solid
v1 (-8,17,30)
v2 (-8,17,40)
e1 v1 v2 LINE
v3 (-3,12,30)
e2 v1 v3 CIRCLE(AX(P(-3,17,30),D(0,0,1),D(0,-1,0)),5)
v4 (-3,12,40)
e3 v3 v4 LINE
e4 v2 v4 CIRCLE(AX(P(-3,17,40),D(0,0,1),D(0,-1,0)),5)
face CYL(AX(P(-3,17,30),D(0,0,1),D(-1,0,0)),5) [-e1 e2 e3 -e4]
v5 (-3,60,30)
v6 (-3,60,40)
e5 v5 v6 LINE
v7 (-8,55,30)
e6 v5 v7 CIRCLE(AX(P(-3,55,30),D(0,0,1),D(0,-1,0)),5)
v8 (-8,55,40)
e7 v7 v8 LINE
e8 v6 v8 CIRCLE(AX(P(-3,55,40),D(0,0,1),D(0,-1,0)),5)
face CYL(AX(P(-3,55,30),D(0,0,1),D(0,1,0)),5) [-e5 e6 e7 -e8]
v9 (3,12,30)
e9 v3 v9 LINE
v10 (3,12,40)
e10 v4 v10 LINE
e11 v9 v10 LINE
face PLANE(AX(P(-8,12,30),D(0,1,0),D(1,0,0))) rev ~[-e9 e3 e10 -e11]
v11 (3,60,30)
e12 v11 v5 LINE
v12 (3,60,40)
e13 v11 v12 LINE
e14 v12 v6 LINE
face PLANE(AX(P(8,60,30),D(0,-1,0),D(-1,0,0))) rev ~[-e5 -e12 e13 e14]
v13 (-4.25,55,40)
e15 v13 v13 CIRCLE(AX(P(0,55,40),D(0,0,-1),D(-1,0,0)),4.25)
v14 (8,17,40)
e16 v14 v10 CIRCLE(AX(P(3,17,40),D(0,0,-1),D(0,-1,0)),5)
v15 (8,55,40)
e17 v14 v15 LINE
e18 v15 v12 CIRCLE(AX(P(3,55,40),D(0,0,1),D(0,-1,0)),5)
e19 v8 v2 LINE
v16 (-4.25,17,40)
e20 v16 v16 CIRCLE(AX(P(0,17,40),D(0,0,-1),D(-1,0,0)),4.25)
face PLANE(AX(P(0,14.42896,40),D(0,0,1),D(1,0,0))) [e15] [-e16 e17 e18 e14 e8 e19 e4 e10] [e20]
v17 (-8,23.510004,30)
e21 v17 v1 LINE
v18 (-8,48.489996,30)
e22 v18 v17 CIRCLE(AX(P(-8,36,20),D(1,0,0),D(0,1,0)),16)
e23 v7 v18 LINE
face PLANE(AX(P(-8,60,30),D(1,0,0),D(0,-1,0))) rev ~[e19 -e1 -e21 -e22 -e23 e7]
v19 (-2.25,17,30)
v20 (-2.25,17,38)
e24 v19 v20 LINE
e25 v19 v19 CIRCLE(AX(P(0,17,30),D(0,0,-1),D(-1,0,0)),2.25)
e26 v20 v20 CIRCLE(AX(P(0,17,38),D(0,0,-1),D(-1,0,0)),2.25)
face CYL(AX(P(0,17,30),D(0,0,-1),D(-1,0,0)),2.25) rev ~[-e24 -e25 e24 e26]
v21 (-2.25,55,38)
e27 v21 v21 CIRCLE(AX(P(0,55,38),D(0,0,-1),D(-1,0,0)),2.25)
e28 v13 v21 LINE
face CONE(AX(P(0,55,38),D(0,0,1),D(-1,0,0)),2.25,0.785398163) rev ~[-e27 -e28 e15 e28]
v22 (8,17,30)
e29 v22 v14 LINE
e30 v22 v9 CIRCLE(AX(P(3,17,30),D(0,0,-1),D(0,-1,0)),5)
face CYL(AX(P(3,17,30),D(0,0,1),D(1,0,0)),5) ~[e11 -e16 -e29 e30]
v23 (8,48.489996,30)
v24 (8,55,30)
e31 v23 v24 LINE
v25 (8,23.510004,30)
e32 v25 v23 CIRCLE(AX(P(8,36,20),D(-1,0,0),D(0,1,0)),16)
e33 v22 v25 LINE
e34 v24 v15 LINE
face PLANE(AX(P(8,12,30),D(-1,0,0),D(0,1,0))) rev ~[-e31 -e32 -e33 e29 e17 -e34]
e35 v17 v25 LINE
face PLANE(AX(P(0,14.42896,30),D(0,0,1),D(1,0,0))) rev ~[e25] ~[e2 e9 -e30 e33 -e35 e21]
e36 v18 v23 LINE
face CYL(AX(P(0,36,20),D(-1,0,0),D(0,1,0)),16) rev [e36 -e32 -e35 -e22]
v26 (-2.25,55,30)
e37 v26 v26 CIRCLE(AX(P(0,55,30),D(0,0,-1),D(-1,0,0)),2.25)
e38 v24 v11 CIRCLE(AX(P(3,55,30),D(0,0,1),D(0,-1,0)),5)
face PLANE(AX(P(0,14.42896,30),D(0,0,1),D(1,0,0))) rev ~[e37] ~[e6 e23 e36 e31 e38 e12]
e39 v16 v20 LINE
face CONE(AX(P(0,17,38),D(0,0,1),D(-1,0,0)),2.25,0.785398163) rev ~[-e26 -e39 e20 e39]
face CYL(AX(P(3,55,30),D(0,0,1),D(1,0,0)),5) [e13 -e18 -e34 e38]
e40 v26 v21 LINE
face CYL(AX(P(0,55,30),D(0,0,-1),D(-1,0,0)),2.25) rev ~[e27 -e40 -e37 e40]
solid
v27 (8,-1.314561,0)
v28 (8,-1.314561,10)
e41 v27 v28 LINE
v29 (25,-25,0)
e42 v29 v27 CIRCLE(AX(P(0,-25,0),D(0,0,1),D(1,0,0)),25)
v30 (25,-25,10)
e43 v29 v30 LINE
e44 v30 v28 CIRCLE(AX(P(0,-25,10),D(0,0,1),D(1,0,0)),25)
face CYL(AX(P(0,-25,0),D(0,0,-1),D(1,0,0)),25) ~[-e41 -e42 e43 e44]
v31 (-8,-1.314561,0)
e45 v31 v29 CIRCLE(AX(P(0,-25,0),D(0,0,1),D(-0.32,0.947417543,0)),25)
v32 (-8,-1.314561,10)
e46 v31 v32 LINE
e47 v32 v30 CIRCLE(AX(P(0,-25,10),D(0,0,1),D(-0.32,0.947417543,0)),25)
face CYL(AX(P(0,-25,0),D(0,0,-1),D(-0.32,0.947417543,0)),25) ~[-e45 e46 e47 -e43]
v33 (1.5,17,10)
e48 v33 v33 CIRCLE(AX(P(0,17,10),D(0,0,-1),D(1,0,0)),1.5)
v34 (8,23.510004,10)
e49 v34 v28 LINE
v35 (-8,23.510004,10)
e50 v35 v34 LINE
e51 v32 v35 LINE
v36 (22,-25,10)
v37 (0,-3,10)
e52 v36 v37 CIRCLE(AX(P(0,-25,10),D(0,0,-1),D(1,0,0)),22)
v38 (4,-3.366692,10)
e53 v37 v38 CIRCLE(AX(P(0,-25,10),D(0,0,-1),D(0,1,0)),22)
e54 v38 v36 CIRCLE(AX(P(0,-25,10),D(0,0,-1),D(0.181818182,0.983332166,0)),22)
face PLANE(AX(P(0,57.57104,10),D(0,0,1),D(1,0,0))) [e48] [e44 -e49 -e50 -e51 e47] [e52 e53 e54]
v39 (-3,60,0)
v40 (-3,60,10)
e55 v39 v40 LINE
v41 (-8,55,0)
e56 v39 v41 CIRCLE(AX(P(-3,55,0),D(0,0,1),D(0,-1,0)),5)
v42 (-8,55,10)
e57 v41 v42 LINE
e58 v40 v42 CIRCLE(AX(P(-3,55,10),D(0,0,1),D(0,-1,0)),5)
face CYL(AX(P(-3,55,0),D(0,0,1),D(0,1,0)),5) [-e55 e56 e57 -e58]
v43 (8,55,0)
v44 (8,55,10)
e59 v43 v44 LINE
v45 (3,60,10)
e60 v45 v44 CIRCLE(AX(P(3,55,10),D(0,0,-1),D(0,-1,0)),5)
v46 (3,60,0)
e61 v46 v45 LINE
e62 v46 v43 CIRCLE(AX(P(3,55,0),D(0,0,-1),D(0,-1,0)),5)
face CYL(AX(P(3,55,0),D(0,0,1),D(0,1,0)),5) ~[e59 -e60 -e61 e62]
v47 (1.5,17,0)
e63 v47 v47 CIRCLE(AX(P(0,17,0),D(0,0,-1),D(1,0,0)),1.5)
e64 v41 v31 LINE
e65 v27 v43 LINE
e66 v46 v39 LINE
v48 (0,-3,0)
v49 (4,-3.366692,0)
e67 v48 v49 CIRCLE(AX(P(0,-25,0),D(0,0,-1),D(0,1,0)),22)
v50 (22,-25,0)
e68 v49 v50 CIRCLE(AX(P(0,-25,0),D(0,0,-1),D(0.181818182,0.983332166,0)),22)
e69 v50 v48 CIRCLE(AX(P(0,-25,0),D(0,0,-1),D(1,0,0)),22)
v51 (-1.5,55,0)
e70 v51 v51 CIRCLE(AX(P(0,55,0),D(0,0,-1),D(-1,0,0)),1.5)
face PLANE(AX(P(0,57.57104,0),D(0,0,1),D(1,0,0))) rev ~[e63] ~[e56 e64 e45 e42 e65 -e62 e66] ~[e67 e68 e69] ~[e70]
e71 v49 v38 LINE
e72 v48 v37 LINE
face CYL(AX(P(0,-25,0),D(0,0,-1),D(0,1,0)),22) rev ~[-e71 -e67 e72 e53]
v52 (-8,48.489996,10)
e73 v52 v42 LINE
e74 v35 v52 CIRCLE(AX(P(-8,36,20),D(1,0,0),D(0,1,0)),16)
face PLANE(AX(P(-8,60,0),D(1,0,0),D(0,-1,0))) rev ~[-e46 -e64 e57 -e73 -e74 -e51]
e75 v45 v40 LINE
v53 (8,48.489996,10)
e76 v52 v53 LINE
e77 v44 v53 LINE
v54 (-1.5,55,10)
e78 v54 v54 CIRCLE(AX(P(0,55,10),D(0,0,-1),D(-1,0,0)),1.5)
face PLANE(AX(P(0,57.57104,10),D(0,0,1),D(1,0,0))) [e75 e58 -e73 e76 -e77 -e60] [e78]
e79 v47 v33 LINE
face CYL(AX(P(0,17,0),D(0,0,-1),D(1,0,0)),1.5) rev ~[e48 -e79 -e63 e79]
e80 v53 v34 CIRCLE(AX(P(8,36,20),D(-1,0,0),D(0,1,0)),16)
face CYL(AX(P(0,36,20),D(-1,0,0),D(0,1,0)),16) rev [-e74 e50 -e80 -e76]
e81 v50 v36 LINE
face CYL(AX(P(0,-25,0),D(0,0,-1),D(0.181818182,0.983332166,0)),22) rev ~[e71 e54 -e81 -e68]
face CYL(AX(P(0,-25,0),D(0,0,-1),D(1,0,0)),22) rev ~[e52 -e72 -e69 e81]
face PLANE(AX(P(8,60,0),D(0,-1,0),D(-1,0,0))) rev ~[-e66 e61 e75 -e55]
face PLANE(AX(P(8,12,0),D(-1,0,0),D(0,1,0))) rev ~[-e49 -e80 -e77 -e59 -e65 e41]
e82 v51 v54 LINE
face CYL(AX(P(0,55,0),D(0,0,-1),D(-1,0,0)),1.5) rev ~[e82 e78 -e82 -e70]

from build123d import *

# Parameters (mm, degrees)
F1_DEPTH      = 10
F0_W          = 8
F0_H          = 2
F2_DEPTH      = 10
F3_START      = 30
F3_DEPTH      = 10
F4_R          = 16
F5_DEPTH      = 25
F5_DEPTH_BACK = 25
F6_DEPTH      = 25
F6_DEPTH_BACK = 25
F7_SIZE       = 2
F8_R          = 5
F8_2_R        = 5


with BuildPart() as f1:
    # F0 (on Top) → F1 (new body)
    with BuildSketch(Plane.XY):
        with BuildLine():
            Line((-8, 10), (-8, -1.3145614353))
            ThreePointArc((-8, -1.3145614353), (-4.0536425523, -0.3308293196), (0, 0))
            Line((0, 0), (0, 10))
            Line((0, 10), (-8, 10))
        make_face()
        with BuildLine():
            ThreePointArc((4, -0.3220746415), (6.0204864844, -0.7357517633), (8, -1.3145614353))
            Line((8, -1.3145614353), (8, 10))
            Line((8, 10), (4, 10))
            Line((4, 10), (4, -0.3220746415))
        make_face()
        with BuildLine():
            ThreePointArc((-8, -1.3145614353), (-14.5773797371, -45.3100960116), (25, -25))
            ThreePointArc((25, -25), (20.3100960116, -10.4226202629), (8, -1.3145614353))
            ThreePointArc((8, -1.3145614353), (6.0204864844, -0.7357517633), (4, -0.3220746415))
            Line((4, -0.3220746415), (4, -3.3666923472))
            ThreePointArc((4, -3.3666923472), (16.9115345253, -10.9287527205), (22, -25))
            ThreePointArc((22, -25), (-15.5563491861, -40.5563491861), (0, -3))
            Line((0, -3), (0, 0))
            ThreePointArc((0, 0), (-4.0536425523, -0.3308293196), (-8, -1.3145614353))
        make_face()
        with BuildLine():
            ThreePointArc((0, 0), (2.0064727804, -0.0806487448), (4, -0.3220746415))
            Line((4, -0.3220746415), (4, 10))
            Line((4, 10), (8, 10))
            Line((8, 10), (8, 12))
            Line((8, 12), (0, 12))
            Line((0, 12), (0, 10))
            Line((0, 10), (0, 0))
        make_face()
        with BuildLine():
            Line((4, -3.3666923472), (4, -0.3220746415))
            ThreePointArc((4, -0.3220746415), (2.0064727804, -0.0806487448), (0, 0))
            Line((0, 0), (0, -3))
            ThreePointArc((0, -3), (2.008386372, -3.0918648858), (4, -3.3666923472))
        make_face()
    extrude(amount=F1_DEPTH)

    # F0 (on Top) → F2 (join)
    with BuildSketch(Plane.XY):
        with BuildLine():
            Line((2.25, 55), (8, 55))
            Line((8, 55), (8, 60))
            Line((8, 60), (-8, 60))
            Line((-8, 60), (-8, 55))
            Line((-8, 55), (-2.25, 55))
            ThreePointArc((-2.25, 55), (0, 57.25), (2.25, 55))
        make_face()
        with BuildLine():
            Line((2.25, 17), (8, 17))
            Line((8, 17), (8, 55))
            Line((8, 55), (2.25, 55))
            ThreePointArc((2.25, 55), (0, 52.75), (-2.25, 55))
            Line((-2.25, 55), (-8, 55))
            Line((-8, 55), (-8, 17))
            Line((-8, 17), (-2.25, 17))
            ThreePointArc((-2.25, 17), (0, 19.25), (2.25, 17))
        make_face()
        with BuildLine():
            Line((1.5, 17), (2.25, 17))
            ThreePointArc((2.25, 17), (0, 19.25), (-2.25, 17))
            Line((-2.25, 17), (-1.5, 17))
            ThreePointArc((-1.5, 17), (0, 18.5), (1.5, 17))
        make_face()
        with BuildLine():
            Line((0, 12), (8, 12))
            Line((8, 12), (8, 17))
            Line((8, 17), (2.25, 17))
            ThreePointArc((2.25, 17), (0, 14.75), (-2.25, 17))
            Line((-2.25, 17), (-8, 17))
            Line((-8, 17), (-8, 12))
            Line((-8, 12), (0, 12))
        make_face()
        with BuildLine():
            ThreePointArc((-2.25, 17), (0, 14.75), (2.25, 17))
            Line((2.25, 17), (1.5, 17))
            ThreePointArc((1.5, 17), (0, 15.5), (-1.5, 17))
            Line((-1.5, 17), (-2.25, 17))
        make_face()
        with Locations((-4, 11)):
            Rectangle(F0_W, F0_H)
        with BuildLine():
            ThreePointArc((-2.25, 55), (0, 52.75), (2.25, 55))
            Line((2.25, 55), (1.5, 55))
            ThreePointArc((1.5, 55), (0, 53.5), (-1.5, 55))
            Line((-1.5, 55), (-2.25, 55))
        make_face()
        with BuildLine():
            Line((1.5, 55), (2.25, 55))
            ThreePointArc((2.25, 55), (0, 57.25), (-2.25, 55))
            Line((-2.25, 55), (-1.5, 55))
            ThreePointArc((-1.5, 55), (0, 56.5), (1.5, 55))
        make_face()
    extrude(amount=F2_DEPTH)


with BuildPart() as f3:
    # F0 (on Top) → F3 (new body)
    with BuildSketch(Plane.XY.offset(F3_START)):
        with BuildLine():
            Line((0, 12), (8, 12))
            Line((8, 12), (8, 17))
            Line((8, 17), (2.25, 17))
            ThreePointArc((2.25, 17), (0, 14.75), (-2.25, 17))
            Line((-2.25, 17), (-8, 17))
            Line((-8, 17), (-8, 12))
            Line((-8, 12), (0, 12))
        make_face()
        with BuildLine():
            Line((2.25, 17), (8, 17))
            Line((8, 17), (8, 55))
            Line((8, 55), (2.25, 55))
            ThreePointArc((2.25, 55), (0, 52.75), (-2.25, 55))
            Line((-2.25, 55), (-8, 55))
            Line((-8, 55), (-8, 17))
            Line((-8, 17), (-2.25, 17))
            ThreePointArc((-2.25, 17), (0, 19.25), (2.25, 17))
        make_face()
        with BuildLine():
            Line((2.25, 55), (8, 55))
            Line((8, 55), (8, 60))
            Line((8, 60), (-8, 60))
            Line((-8, 60), (-8, 55))
            Line((-8, 55), (-2.25, 55))
            ThreePointArc((-2.25, 55), (0, 57.25), (2.25, 55))
        make_face()
    extrude(amount=F3_DEPTH)


with BuildPart() as f5_tool:
    # F4 (on Right) → F5 (new body, two sides)
    with BuildSketch(Plane.YZ) as f5_sk:
        with Locations((36, 20)):
            Circle(F4_R)
    extrude(amount=-F5_DEPTH)
    extrude(f5_sk.sketch, amount=F5_DEPTH_BACK)


with BuildPart() as f1_1:
    add(f1.part)

    # F5: cut by f5_tool
    add(f5_tool.part, mode=Mode.SUBTRACT)

    # F4 (on Right) → F6 (cut, two sides)
    with BuildSketch(Plane.YZ) as f6_sk:
        with Locations((36, 20)):
            Circle(F4_R)
    extrude(amount=F6_DEPTH, mode=Mode.SUBTRACT)
    extrude(f6_sk.sketch, amount=-F6_DEPTH_BACK, mode=Mode.SUBTRACT)

    # F8#2
    f8_2_edges = [f1_1.edges().sort_by_distance(p)[0] for p in [
        (-8, 60, 5),
        (8, 60, 5),
    ]]
    fillet(f8_2_edges, radius=F8_2_R)


with BuildPart() as f3_1:
    add(f3.part)

    # F5: cut by f5_tool
    add(f5_tool.part, mode=Mode.SUBTRACT)

    # F7
    f7_edges = [f3_1.edges().sort_by_distance(p)[0] for p in [
        (2.25, 17, 40),
        (2.25, 55, 40),
    ]]
    chamfer(f7_edges, length=F7_SIZE)

    # F8
    f8_edges = [f3_1.edges().sort_by_distance(p)[0] for p in [
        (8, 12, 35),
        (-8, 12, 35),
        (-8, 60, 35),
        (8, 60, 35),
    ]]
    fillet(f8_edges, radius=F8_R)


solid = Compound([f1_1.part, f3_1.part])
